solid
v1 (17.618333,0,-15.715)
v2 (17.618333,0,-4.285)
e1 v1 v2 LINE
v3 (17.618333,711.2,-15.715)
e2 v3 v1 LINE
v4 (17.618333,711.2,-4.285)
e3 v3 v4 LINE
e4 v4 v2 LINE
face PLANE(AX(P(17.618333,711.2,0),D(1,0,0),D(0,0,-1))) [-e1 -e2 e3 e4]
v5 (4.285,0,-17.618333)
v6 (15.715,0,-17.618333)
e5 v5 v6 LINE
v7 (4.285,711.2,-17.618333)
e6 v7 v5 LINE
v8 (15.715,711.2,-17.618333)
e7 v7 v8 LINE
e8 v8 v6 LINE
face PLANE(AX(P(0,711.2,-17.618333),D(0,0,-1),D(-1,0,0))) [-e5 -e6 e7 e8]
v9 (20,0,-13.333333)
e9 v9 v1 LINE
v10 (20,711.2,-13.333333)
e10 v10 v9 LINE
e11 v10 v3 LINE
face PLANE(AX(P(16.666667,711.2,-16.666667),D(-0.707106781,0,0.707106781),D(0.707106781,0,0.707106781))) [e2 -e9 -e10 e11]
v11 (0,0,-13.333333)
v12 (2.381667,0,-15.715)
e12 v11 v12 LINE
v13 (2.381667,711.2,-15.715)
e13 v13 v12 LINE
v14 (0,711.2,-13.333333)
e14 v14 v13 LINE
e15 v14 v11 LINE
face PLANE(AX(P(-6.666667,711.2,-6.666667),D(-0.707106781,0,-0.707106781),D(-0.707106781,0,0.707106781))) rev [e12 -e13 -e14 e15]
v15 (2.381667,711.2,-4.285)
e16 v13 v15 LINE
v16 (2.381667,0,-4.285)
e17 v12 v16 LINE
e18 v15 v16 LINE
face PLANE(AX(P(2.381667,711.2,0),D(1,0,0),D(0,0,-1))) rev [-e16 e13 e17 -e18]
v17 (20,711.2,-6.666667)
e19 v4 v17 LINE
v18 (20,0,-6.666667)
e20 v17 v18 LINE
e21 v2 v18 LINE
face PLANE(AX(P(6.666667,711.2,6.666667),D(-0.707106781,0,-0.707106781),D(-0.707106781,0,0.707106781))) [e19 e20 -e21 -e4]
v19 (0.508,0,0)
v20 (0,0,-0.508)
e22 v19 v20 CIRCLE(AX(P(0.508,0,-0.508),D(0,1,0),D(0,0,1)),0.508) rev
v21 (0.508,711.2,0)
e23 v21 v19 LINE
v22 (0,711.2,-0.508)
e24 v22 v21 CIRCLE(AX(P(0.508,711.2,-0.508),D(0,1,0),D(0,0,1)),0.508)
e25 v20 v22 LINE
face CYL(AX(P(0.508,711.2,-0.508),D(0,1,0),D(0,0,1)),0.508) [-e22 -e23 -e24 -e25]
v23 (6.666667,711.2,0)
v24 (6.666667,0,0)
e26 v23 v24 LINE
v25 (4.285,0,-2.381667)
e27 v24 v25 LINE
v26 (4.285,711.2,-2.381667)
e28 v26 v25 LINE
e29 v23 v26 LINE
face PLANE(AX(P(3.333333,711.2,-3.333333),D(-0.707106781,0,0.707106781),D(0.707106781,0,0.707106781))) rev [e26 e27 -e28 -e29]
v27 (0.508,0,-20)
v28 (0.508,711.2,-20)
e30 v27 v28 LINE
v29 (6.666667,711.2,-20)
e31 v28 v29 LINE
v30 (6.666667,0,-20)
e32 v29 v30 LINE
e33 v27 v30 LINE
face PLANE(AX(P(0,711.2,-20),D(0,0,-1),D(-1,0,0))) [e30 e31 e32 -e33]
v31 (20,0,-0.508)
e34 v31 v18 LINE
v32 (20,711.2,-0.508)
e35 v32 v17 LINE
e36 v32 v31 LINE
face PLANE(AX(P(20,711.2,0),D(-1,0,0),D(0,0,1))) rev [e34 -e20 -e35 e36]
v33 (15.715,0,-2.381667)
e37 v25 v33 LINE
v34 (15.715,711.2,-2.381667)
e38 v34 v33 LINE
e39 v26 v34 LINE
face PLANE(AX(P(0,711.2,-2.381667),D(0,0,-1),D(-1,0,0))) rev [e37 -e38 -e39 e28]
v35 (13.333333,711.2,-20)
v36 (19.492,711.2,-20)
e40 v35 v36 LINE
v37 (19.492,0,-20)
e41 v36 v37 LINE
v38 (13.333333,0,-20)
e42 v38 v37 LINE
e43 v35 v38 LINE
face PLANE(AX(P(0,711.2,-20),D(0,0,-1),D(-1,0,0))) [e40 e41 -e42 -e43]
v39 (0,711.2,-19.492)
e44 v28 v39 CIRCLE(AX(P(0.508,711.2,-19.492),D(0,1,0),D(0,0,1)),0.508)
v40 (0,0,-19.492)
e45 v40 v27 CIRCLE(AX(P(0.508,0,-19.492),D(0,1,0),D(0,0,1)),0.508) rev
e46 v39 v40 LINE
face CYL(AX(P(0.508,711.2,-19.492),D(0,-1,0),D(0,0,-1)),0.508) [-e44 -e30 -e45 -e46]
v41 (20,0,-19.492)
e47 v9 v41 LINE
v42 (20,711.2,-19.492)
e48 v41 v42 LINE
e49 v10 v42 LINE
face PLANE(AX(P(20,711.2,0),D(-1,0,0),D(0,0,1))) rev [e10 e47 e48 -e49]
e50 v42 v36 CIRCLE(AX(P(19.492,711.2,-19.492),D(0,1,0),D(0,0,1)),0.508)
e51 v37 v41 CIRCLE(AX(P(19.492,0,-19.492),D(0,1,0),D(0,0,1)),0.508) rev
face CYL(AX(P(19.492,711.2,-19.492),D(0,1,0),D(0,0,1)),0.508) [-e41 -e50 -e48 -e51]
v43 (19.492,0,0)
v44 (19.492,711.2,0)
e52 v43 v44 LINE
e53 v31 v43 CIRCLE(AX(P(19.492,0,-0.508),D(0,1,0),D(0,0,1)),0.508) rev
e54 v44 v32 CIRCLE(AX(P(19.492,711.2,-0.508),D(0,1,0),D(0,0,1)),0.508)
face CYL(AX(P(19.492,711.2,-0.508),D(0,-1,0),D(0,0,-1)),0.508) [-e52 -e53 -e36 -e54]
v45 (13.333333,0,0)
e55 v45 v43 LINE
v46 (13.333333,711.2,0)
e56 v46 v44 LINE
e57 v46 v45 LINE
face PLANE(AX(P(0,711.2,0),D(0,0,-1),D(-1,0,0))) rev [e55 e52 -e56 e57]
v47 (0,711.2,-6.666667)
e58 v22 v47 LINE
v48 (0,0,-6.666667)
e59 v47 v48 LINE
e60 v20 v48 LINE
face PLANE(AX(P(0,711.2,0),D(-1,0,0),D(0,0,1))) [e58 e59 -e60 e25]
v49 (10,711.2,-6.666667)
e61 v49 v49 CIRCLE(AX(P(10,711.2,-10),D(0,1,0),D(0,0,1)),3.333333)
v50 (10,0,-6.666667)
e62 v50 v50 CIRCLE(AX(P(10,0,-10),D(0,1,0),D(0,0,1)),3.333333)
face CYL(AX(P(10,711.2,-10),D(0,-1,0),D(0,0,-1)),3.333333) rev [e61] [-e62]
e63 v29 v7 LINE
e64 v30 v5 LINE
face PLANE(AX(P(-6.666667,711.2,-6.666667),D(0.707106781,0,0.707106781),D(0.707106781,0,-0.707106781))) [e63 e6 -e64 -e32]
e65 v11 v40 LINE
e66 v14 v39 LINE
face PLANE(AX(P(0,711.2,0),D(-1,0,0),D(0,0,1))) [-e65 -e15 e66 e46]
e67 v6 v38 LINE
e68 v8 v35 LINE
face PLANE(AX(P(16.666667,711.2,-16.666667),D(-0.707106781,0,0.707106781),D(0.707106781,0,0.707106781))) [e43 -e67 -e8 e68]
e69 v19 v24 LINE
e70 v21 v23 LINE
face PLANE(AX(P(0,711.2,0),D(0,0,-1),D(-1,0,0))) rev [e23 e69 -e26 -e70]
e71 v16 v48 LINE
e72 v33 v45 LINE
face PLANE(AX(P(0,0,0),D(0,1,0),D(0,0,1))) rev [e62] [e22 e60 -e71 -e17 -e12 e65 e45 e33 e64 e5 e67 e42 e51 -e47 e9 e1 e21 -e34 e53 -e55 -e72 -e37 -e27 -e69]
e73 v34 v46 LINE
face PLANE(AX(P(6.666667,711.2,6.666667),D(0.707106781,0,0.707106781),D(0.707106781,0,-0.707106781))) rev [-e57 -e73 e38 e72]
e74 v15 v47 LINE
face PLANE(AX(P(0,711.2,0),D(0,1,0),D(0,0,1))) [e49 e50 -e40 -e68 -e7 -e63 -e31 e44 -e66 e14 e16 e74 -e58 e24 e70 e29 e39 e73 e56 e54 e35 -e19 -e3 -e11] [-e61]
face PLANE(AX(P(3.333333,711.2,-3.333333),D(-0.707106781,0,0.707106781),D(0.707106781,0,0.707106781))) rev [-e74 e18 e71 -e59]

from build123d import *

# Parameters (mm, degrees)
SKETCH1_R           = 3.333333333
BOSS_EXTRUDE1_DEPTH = 711.2
FILLET4_R           = 0.508


with BuildPart() as part:
    # Sketch1 → Boss-Extrude1 (new body)
    with BuildSketch(Plane(origin=(0, 0, 0), x_dir=(1, 0, 0), z_dir=(0, 1, 0))):
        Polygon((4.285, 17.618333333), (6.666666667, 20), (0, 20), (0, 13.333333333), (2.381666667, 15.715), (2.381666667, 4.285), (0, 6.666666667), (0, 0), (6.666666667, 0), (4.285, 2.381666667), (15.715, 2.381666667), (13.333333333, 0), (20, 0), (20, 6.666666667), (17.618333333, 4.285), (17.618333333, 15.715), (20, 13.333333333), (20, 20), (13.333333333, 20), (15.715, 17.618333333), align=None)
        with Locations((10, 10)):
            Circle(SKETCH1_R, mode=Mode.SUBTRACT)
    extrude(amount=BOSS_EXTRUDE1_DEPTH)

    # Fillet4
    fillet4_edges = [part.edges().sort_by_distance(p)[0] for p in [
        (20, 355.6, 0),
        (0, 355.6, 0),
        (0, 355.6, -20),
        (20, 355.6, -20),
    ]]
    fillet(fillet4_edges, radius=FILLET4_R)


solid = part.part
